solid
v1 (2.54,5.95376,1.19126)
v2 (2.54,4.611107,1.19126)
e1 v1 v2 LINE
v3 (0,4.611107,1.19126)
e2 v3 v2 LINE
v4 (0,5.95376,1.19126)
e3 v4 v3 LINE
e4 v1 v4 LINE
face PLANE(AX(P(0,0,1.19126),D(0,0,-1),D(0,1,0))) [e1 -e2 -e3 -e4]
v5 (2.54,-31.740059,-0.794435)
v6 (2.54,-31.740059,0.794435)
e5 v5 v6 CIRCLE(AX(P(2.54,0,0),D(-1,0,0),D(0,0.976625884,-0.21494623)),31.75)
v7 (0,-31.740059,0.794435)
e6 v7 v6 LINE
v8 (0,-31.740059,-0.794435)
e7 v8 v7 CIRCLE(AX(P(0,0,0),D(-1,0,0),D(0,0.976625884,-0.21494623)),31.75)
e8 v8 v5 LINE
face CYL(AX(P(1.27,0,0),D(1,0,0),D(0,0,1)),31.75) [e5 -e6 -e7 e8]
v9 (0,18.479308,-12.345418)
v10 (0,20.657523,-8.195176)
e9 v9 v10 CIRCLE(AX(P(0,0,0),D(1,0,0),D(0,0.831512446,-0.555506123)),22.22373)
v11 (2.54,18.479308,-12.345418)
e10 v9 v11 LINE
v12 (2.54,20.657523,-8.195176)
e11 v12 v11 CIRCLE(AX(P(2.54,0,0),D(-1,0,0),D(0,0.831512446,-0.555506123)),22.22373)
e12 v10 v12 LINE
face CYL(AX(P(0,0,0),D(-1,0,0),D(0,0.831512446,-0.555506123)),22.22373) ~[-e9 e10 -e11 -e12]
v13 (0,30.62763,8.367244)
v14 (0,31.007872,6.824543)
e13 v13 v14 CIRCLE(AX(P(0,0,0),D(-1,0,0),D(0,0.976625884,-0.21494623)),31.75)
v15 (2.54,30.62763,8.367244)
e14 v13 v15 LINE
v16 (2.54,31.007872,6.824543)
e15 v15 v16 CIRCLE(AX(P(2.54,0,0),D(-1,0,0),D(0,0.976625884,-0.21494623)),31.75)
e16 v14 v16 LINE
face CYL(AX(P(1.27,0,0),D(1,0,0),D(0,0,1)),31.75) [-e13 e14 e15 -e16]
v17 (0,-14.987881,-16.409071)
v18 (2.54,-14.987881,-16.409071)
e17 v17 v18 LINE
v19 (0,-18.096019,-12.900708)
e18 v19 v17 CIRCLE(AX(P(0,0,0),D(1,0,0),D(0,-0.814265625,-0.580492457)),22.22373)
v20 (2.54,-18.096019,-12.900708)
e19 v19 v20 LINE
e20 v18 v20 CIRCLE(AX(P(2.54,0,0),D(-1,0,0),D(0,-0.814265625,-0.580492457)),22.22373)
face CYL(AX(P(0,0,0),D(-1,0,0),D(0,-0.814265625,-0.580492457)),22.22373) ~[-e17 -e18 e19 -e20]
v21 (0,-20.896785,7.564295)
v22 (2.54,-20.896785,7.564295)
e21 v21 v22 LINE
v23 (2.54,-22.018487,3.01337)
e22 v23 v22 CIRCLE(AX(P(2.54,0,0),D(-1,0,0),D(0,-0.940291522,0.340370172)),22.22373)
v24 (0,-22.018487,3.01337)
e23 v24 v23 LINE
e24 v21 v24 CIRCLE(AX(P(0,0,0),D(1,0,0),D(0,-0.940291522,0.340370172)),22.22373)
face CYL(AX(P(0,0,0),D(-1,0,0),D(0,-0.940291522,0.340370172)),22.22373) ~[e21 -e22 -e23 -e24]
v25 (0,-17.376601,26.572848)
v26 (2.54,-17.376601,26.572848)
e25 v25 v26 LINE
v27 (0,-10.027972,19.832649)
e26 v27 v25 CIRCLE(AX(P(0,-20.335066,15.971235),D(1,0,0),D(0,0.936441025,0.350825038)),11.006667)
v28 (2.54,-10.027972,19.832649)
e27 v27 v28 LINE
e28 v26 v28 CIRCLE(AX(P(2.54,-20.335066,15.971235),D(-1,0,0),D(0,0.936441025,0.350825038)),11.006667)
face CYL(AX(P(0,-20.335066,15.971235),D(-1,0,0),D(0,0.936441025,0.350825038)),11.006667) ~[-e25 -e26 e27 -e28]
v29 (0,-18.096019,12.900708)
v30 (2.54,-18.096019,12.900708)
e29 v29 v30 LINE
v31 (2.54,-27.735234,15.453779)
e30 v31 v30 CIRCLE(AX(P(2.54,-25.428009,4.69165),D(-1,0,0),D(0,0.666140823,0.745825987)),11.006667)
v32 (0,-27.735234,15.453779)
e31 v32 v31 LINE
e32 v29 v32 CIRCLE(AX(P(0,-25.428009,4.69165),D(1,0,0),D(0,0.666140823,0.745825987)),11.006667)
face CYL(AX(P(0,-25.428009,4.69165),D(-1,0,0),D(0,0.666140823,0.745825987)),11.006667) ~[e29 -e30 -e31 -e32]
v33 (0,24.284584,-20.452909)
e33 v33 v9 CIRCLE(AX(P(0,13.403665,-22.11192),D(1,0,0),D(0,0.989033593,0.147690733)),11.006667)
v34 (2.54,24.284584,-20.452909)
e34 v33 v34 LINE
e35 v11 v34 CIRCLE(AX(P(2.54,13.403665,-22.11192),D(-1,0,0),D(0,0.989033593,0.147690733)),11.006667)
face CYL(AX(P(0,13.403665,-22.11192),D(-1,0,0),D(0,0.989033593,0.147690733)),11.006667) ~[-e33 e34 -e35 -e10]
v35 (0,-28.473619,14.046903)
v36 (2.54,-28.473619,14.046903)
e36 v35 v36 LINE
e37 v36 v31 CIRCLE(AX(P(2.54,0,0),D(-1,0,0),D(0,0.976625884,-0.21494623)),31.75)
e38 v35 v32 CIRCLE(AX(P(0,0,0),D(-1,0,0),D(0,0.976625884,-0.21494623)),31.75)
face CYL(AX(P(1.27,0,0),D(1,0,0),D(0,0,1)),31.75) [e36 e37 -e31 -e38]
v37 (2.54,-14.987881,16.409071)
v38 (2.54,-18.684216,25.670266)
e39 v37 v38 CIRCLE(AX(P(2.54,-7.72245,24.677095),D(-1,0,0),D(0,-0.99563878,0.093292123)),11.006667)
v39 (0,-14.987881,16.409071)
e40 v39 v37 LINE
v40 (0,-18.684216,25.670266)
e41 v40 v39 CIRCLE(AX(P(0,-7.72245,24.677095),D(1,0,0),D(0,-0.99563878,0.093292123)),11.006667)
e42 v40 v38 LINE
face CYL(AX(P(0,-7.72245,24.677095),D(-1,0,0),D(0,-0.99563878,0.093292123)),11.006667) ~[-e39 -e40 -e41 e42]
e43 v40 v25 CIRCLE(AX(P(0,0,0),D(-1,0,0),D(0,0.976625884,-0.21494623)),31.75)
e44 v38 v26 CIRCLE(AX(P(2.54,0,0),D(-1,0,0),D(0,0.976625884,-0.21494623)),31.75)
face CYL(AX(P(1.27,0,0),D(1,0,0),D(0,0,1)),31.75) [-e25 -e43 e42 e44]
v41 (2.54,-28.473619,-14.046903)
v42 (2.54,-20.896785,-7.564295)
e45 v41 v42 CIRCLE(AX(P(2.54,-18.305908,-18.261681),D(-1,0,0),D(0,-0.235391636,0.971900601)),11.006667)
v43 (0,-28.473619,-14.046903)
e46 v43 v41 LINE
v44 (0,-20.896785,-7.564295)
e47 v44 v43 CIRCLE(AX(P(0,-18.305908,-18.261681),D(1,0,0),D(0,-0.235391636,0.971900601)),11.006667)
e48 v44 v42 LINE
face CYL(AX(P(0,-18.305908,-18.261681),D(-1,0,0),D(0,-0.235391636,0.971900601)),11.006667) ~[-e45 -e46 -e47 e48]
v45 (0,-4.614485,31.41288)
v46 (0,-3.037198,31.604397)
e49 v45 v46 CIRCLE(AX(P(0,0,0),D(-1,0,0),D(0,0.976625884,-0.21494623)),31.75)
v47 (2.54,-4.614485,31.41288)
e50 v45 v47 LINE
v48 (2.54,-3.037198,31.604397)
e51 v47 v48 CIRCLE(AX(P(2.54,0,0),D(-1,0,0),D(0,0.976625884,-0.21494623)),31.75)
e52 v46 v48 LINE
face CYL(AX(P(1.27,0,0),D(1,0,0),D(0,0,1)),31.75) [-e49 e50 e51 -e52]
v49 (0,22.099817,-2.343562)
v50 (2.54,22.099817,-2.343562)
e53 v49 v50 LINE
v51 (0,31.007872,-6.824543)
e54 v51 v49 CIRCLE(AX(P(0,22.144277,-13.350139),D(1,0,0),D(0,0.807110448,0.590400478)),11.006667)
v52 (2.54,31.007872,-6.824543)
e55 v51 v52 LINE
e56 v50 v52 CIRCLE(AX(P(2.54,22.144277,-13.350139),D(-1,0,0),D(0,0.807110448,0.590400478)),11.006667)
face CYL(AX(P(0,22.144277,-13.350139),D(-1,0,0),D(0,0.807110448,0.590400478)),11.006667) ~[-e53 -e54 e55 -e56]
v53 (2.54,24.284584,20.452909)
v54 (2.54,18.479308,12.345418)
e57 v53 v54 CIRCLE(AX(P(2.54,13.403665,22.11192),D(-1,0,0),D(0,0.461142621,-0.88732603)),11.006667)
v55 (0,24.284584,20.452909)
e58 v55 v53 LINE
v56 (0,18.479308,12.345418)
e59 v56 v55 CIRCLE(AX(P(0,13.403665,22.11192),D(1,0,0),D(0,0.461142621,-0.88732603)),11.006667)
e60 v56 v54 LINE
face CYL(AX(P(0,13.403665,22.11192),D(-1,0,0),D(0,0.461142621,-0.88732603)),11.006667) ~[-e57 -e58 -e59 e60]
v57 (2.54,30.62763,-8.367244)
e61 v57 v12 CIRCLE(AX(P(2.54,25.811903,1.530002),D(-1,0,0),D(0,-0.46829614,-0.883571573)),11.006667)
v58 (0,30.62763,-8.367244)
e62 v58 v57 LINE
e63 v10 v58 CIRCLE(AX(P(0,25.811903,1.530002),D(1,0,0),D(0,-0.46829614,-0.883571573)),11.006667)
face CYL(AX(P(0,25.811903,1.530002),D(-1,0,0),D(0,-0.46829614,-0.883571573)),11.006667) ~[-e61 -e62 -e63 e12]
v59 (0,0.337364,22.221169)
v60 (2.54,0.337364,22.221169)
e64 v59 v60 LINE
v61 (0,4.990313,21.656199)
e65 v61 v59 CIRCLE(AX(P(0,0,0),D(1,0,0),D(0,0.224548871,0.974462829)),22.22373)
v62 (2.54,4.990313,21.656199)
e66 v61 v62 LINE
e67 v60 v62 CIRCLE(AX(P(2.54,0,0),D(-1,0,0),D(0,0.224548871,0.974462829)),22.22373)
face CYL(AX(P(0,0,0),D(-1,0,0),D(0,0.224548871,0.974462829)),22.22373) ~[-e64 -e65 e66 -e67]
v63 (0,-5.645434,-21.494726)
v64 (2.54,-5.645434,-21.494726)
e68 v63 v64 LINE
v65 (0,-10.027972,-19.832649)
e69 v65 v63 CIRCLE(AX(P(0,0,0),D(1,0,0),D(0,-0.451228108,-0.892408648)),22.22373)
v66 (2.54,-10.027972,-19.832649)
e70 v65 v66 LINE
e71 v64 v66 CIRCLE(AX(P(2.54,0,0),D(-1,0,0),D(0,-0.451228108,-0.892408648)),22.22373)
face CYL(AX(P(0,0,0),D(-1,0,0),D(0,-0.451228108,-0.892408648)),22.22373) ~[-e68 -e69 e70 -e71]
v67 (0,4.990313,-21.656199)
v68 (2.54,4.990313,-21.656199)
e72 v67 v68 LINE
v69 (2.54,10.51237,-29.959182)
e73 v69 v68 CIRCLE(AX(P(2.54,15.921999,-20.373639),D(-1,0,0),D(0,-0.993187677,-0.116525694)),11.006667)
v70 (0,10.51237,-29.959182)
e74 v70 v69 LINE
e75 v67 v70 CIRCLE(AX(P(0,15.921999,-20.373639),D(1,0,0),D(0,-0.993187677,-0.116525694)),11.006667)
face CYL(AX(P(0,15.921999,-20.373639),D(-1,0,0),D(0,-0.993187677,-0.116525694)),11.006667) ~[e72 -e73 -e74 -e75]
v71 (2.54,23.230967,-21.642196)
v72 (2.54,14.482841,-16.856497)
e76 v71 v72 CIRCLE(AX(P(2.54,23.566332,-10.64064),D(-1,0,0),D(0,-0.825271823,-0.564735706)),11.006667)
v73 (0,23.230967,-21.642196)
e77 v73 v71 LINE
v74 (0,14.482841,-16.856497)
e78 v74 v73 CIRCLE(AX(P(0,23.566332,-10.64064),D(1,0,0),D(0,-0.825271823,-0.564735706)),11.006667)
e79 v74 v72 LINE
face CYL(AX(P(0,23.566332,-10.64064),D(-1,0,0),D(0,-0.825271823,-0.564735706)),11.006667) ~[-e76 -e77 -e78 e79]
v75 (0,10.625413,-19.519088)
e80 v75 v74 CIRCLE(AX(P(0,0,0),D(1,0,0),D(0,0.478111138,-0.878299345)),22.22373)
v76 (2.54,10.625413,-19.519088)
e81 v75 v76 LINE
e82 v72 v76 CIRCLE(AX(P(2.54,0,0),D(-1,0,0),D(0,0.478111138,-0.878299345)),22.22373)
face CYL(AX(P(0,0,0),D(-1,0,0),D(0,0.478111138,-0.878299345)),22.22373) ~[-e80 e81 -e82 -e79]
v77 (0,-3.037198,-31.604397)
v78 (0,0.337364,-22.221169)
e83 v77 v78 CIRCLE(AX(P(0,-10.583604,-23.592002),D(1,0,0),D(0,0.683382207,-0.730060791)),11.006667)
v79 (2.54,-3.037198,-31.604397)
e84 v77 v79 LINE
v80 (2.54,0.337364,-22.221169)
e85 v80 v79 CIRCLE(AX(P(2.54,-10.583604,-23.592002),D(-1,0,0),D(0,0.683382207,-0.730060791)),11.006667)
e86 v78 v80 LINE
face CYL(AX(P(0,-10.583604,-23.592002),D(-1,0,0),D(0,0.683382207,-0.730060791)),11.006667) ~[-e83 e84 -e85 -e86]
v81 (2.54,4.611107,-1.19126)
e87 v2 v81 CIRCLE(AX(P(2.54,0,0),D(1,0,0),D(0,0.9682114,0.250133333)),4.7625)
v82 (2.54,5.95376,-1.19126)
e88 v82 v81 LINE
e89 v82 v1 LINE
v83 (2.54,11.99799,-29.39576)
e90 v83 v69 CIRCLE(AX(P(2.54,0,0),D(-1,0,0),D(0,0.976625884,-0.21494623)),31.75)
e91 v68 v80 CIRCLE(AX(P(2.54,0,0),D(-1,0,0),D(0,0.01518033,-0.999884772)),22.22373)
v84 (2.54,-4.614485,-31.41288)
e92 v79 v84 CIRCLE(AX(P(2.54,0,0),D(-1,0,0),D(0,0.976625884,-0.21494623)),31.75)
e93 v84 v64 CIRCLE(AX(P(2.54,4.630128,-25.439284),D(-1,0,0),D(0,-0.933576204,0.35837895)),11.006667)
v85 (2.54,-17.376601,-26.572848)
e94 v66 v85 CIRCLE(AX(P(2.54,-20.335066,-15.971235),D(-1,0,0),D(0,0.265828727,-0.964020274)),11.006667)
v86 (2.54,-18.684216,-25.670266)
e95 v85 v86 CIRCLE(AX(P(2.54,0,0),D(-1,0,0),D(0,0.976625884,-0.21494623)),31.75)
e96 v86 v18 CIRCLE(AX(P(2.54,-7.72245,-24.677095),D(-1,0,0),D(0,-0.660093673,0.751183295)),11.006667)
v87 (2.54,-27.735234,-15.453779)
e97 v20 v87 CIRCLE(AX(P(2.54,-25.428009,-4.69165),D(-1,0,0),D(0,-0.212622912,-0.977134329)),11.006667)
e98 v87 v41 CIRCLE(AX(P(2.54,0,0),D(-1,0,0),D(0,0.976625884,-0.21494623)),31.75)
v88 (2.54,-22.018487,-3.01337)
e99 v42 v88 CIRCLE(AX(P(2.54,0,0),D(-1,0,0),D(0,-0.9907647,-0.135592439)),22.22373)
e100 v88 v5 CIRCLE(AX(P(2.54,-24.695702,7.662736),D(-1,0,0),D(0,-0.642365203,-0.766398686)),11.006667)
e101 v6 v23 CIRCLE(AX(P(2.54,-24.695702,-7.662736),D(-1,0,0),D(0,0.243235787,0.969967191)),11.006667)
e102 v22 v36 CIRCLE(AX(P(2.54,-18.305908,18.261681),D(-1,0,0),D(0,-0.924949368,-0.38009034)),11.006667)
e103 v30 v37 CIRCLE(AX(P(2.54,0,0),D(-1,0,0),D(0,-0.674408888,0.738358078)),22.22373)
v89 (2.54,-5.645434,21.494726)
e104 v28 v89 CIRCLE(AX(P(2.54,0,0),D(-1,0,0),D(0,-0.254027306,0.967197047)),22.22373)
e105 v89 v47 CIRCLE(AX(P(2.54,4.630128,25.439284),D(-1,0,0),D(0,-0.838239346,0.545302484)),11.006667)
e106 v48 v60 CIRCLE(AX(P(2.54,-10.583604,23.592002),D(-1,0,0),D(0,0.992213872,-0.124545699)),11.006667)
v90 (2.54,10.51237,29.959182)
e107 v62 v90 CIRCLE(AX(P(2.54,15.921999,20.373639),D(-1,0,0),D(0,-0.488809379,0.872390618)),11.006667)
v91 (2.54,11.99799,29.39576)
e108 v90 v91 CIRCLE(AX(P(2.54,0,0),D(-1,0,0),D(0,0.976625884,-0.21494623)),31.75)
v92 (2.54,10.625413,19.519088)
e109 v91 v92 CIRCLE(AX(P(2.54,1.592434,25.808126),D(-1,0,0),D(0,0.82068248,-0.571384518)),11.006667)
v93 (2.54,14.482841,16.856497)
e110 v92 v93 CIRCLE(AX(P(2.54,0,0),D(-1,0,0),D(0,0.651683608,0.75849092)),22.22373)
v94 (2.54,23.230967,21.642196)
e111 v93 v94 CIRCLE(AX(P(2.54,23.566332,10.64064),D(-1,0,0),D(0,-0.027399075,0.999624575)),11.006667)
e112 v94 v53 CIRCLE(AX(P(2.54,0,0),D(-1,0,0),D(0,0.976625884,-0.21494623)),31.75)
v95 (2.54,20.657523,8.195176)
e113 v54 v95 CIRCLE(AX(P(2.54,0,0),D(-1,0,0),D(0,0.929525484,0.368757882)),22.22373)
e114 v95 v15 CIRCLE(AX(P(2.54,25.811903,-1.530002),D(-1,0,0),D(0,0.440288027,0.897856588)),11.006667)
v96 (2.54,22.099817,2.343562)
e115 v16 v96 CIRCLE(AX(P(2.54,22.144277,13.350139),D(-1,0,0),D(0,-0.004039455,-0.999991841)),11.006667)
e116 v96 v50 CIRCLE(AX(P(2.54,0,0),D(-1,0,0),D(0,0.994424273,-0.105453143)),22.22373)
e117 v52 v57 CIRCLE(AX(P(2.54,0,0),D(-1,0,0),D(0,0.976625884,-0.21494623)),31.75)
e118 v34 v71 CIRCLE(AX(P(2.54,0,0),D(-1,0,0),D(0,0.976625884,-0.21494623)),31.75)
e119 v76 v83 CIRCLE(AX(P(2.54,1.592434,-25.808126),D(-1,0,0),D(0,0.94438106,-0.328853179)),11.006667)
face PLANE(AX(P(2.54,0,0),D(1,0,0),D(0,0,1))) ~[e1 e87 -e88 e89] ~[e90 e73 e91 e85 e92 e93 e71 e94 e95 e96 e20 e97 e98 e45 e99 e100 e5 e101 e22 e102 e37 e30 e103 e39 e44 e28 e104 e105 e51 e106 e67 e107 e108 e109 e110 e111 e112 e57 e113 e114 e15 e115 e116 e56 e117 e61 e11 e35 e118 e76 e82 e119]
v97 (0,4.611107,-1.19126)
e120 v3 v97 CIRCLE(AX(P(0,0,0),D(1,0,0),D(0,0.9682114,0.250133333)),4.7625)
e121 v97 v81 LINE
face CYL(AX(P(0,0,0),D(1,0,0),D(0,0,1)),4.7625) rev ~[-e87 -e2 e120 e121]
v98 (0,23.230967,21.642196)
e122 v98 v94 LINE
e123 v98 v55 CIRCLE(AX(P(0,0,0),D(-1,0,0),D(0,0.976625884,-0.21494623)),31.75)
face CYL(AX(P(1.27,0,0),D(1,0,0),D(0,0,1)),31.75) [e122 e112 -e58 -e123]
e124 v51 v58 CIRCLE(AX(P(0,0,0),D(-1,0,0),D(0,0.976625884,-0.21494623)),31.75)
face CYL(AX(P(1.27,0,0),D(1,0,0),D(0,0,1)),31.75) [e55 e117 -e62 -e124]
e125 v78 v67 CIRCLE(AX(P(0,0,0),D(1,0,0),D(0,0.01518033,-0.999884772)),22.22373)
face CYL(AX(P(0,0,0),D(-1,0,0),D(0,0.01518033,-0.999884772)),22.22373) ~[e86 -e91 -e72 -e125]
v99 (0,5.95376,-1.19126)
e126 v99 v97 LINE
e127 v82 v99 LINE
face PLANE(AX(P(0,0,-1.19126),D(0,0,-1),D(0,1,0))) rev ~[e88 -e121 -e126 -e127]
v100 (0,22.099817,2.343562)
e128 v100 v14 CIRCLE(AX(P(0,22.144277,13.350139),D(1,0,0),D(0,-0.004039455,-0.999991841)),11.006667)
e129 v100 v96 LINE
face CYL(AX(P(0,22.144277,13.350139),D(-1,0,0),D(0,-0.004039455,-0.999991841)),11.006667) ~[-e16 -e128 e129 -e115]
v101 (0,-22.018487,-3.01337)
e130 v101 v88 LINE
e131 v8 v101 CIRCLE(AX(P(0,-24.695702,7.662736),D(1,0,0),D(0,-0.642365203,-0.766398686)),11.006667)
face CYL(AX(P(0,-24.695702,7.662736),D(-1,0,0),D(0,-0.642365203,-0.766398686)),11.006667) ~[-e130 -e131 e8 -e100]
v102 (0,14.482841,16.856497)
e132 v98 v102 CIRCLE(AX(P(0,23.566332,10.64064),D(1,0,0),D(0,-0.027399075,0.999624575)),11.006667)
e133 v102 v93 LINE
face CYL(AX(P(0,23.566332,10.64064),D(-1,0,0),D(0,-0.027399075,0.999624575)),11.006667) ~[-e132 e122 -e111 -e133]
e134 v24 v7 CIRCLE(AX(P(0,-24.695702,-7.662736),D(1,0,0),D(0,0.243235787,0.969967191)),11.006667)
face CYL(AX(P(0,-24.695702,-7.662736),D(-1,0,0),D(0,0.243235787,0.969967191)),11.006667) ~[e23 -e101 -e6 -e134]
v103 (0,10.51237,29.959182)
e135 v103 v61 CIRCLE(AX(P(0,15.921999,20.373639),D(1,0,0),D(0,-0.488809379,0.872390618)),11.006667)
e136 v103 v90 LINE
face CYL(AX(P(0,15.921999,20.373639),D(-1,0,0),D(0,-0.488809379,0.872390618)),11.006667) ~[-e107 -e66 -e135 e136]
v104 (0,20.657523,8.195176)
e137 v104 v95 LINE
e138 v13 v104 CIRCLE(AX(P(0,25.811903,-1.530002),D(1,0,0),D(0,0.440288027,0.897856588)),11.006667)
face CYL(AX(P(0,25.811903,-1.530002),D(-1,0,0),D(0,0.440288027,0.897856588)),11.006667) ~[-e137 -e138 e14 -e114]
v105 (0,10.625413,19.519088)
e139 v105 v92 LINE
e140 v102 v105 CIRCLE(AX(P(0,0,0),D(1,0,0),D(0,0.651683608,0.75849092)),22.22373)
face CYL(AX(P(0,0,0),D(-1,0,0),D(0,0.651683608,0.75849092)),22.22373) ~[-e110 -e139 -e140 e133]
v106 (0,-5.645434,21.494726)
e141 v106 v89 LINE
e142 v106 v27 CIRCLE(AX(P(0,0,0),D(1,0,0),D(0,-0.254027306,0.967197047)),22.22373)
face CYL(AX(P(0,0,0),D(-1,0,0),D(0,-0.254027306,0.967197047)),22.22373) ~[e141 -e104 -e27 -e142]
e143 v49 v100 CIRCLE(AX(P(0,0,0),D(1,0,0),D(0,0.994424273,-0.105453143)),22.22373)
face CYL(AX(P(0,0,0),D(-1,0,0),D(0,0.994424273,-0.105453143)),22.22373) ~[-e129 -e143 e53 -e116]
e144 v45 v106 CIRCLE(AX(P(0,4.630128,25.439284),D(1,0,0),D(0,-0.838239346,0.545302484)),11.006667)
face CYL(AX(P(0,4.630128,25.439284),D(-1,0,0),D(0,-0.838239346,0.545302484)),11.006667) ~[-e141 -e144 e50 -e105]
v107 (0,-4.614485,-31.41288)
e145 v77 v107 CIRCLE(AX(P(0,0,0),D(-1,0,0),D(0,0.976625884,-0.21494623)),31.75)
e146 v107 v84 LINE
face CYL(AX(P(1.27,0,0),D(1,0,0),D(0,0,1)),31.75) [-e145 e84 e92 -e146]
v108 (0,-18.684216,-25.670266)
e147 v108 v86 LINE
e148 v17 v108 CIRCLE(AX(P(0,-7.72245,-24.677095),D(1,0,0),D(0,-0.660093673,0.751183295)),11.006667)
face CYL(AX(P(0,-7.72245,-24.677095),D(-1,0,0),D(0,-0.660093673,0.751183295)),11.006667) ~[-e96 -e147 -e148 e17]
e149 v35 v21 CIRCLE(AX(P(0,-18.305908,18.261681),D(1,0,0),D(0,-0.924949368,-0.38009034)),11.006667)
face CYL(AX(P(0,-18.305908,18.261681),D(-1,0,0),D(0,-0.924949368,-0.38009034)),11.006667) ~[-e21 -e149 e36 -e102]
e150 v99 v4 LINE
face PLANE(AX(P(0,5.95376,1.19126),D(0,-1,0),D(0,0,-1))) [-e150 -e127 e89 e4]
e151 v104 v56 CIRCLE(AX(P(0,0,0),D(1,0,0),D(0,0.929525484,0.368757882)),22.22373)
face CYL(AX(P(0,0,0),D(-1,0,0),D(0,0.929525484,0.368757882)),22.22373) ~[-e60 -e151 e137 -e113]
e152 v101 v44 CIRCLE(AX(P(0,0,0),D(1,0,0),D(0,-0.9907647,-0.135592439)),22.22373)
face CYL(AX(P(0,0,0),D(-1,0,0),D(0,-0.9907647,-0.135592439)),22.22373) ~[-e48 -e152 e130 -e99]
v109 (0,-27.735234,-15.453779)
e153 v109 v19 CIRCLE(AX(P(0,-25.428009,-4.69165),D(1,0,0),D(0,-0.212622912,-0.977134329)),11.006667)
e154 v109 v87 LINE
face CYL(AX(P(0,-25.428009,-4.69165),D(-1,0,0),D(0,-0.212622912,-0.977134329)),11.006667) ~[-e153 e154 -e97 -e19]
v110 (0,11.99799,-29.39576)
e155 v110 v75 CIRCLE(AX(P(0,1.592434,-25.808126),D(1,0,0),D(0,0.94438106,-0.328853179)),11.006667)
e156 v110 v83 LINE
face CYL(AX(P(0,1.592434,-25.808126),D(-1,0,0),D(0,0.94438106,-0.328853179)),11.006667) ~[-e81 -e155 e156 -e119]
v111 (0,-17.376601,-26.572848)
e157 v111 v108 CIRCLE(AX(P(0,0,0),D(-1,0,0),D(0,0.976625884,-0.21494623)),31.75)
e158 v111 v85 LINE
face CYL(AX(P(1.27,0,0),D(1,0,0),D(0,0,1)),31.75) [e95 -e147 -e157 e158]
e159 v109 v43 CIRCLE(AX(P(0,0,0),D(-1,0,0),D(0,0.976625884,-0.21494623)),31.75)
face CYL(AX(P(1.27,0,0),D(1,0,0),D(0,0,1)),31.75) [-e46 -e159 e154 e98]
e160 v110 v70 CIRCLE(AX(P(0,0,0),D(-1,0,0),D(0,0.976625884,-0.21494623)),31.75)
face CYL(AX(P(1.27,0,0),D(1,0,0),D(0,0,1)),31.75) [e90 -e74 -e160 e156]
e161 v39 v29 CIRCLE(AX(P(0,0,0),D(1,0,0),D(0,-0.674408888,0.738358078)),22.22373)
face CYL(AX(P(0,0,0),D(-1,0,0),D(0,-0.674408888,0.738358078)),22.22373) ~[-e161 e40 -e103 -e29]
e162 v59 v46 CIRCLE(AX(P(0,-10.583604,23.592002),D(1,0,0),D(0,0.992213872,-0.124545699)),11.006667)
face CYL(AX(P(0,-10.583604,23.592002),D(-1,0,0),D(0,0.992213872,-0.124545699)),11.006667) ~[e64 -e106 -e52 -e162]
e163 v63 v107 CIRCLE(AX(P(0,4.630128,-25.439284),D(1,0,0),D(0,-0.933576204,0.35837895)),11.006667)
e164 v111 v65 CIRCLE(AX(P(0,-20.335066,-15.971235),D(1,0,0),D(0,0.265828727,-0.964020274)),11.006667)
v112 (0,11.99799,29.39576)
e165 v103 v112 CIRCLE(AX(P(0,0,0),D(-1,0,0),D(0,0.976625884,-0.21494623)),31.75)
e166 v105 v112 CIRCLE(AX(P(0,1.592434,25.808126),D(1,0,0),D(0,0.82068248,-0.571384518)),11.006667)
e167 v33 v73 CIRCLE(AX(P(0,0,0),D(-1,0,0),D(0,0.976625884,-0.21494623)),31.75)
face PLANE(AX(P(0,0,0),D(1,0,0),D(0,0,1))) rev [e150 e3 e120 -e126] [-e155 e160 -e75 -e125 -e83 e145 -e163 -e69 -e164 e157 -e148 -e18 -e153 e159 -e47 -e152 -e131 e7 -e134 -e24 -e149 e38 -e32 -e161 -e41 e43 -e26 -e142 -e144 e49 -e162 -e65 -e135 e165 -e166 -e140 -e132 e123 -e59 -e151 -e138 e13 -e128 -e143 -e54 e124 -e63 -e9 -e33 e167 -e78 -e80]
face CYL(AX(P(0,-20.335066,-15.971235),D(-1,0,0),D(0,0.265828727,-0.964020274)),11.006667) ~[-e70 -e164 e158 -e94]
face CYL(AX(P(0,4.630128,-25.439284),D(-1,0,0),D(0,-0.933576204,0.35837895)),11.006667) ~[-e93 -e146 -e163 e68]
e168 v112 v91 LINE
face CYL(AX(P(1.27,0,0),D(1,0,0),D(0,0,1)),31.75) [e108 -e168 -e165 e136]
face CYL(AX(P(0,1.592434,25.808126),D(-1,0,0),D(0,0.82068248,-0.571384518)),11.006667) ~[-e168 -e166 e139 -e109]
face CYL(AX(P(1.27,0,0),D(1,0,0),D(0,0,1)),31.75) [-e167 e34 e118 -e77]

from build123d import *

# Parameters (mm, degrees)
BASPROSKE_W     = 2.54
BASPROSKE_H     = 31.75
TOOTHCUT_DEPTH  = 45.973065272
TEETHCUTS_COUNT = 13
TEETHCUTS_ANGLE = 332.307692308
BORSKE_R        = 4.7625
BORE_DEPTH      = 50.8000508
KEYSKE_W        = 2.38252
KEYSKE_H        = 5.95376
KEYWAY_DEPTH    = 50.8000508


with BuildPart() as part:
    # BasProSke → Base-Revolve (revolve)
    with BuildSketch(Plane(origin=(0, 0, 0), x_dir=(1, 0, 0), z_dir=(0, 1, 0)), mode=Mode.PRIVATE) as base_revolve_sk:
        with Locations((1.27, 15.875)):
            Rectangle(BASPROSKE_W, BASPROSKE_H)
    revolve(base_revolve_sk.sketch.rotate(Axis((-10, 0, 0), (1, 0, 0)), 180), axis=Axis((-10, 0, 0), (1, 0, 0)))

    # TooCutSke → ToothCut (cut, through all)
    with BuildSketch(Plane(origin=(0, 0, 0), x_dir=(0, 0, -1), z_dir=(1, 0, 0))):
        with BuildLine():
            ThreePointArc((2.343562174, 22.099816548), (0, 22.22373), (-2.343562174, 22.099816548))
            ThreePointArc((-2.343562174, 22.099816548), (-3.525013683, 27.105489309), (-6.851797785, 31.027873151))
            ThreePointArc((-6.851797785, 31.027873151), (0, 31.7754), (6.851797785, 31.027873151))
            ThreePointArc((6.851797785, 31.027873151), (3.525013683, 27.105489309), (2.343562174, 22.099816548))
        make_face()
    toothcut = extrude(amount=TOOTHCUT_DEPTH, mode=Mode.SUBTRACT)

    # TeethCuts: ToothCut ×13 about axis
    teethcuts_axis = Axis((-10, 0, 0), (1, 0, 0))
    for i in range(1, TEETHCUTS_COUNT):
        add(toothcut.rotate(teethcuts_axis, i * TEETHCUTS_ANGLE / (TEETHCUTS_COUNT - 1)), mode=Mode.SUBTRACT)

    # BorSke → Bore (cut, symmetric)
    with BuildSketch(Plane(origin=(0, 0, 0), x_dir=(0, 0, -1), z_dir=(1, 0, 0))):
        with Locations(Location((0, 0, 0), (0, 0, 180))):
            Circle(BORSKE_R)
    extrude(amount=BORE_DEPTH, both=True, mode=Mode.SUBTRACT)

    # KeySke → Keyway (cut, symmetric)
    with BuildSketch(Plane(origin=(0, 0, 0), x_dir=(0, 0, -1), z_dir=(1, 0, 0))):
        with Locations((0, 2.97688)):
            Rectangle(KEYSKE_W, KEYSKE_H)
    extrude(amount=KEYWAY_DEPTH, both=True, mode=Mode.SUBTRACT)


solid = part.part
